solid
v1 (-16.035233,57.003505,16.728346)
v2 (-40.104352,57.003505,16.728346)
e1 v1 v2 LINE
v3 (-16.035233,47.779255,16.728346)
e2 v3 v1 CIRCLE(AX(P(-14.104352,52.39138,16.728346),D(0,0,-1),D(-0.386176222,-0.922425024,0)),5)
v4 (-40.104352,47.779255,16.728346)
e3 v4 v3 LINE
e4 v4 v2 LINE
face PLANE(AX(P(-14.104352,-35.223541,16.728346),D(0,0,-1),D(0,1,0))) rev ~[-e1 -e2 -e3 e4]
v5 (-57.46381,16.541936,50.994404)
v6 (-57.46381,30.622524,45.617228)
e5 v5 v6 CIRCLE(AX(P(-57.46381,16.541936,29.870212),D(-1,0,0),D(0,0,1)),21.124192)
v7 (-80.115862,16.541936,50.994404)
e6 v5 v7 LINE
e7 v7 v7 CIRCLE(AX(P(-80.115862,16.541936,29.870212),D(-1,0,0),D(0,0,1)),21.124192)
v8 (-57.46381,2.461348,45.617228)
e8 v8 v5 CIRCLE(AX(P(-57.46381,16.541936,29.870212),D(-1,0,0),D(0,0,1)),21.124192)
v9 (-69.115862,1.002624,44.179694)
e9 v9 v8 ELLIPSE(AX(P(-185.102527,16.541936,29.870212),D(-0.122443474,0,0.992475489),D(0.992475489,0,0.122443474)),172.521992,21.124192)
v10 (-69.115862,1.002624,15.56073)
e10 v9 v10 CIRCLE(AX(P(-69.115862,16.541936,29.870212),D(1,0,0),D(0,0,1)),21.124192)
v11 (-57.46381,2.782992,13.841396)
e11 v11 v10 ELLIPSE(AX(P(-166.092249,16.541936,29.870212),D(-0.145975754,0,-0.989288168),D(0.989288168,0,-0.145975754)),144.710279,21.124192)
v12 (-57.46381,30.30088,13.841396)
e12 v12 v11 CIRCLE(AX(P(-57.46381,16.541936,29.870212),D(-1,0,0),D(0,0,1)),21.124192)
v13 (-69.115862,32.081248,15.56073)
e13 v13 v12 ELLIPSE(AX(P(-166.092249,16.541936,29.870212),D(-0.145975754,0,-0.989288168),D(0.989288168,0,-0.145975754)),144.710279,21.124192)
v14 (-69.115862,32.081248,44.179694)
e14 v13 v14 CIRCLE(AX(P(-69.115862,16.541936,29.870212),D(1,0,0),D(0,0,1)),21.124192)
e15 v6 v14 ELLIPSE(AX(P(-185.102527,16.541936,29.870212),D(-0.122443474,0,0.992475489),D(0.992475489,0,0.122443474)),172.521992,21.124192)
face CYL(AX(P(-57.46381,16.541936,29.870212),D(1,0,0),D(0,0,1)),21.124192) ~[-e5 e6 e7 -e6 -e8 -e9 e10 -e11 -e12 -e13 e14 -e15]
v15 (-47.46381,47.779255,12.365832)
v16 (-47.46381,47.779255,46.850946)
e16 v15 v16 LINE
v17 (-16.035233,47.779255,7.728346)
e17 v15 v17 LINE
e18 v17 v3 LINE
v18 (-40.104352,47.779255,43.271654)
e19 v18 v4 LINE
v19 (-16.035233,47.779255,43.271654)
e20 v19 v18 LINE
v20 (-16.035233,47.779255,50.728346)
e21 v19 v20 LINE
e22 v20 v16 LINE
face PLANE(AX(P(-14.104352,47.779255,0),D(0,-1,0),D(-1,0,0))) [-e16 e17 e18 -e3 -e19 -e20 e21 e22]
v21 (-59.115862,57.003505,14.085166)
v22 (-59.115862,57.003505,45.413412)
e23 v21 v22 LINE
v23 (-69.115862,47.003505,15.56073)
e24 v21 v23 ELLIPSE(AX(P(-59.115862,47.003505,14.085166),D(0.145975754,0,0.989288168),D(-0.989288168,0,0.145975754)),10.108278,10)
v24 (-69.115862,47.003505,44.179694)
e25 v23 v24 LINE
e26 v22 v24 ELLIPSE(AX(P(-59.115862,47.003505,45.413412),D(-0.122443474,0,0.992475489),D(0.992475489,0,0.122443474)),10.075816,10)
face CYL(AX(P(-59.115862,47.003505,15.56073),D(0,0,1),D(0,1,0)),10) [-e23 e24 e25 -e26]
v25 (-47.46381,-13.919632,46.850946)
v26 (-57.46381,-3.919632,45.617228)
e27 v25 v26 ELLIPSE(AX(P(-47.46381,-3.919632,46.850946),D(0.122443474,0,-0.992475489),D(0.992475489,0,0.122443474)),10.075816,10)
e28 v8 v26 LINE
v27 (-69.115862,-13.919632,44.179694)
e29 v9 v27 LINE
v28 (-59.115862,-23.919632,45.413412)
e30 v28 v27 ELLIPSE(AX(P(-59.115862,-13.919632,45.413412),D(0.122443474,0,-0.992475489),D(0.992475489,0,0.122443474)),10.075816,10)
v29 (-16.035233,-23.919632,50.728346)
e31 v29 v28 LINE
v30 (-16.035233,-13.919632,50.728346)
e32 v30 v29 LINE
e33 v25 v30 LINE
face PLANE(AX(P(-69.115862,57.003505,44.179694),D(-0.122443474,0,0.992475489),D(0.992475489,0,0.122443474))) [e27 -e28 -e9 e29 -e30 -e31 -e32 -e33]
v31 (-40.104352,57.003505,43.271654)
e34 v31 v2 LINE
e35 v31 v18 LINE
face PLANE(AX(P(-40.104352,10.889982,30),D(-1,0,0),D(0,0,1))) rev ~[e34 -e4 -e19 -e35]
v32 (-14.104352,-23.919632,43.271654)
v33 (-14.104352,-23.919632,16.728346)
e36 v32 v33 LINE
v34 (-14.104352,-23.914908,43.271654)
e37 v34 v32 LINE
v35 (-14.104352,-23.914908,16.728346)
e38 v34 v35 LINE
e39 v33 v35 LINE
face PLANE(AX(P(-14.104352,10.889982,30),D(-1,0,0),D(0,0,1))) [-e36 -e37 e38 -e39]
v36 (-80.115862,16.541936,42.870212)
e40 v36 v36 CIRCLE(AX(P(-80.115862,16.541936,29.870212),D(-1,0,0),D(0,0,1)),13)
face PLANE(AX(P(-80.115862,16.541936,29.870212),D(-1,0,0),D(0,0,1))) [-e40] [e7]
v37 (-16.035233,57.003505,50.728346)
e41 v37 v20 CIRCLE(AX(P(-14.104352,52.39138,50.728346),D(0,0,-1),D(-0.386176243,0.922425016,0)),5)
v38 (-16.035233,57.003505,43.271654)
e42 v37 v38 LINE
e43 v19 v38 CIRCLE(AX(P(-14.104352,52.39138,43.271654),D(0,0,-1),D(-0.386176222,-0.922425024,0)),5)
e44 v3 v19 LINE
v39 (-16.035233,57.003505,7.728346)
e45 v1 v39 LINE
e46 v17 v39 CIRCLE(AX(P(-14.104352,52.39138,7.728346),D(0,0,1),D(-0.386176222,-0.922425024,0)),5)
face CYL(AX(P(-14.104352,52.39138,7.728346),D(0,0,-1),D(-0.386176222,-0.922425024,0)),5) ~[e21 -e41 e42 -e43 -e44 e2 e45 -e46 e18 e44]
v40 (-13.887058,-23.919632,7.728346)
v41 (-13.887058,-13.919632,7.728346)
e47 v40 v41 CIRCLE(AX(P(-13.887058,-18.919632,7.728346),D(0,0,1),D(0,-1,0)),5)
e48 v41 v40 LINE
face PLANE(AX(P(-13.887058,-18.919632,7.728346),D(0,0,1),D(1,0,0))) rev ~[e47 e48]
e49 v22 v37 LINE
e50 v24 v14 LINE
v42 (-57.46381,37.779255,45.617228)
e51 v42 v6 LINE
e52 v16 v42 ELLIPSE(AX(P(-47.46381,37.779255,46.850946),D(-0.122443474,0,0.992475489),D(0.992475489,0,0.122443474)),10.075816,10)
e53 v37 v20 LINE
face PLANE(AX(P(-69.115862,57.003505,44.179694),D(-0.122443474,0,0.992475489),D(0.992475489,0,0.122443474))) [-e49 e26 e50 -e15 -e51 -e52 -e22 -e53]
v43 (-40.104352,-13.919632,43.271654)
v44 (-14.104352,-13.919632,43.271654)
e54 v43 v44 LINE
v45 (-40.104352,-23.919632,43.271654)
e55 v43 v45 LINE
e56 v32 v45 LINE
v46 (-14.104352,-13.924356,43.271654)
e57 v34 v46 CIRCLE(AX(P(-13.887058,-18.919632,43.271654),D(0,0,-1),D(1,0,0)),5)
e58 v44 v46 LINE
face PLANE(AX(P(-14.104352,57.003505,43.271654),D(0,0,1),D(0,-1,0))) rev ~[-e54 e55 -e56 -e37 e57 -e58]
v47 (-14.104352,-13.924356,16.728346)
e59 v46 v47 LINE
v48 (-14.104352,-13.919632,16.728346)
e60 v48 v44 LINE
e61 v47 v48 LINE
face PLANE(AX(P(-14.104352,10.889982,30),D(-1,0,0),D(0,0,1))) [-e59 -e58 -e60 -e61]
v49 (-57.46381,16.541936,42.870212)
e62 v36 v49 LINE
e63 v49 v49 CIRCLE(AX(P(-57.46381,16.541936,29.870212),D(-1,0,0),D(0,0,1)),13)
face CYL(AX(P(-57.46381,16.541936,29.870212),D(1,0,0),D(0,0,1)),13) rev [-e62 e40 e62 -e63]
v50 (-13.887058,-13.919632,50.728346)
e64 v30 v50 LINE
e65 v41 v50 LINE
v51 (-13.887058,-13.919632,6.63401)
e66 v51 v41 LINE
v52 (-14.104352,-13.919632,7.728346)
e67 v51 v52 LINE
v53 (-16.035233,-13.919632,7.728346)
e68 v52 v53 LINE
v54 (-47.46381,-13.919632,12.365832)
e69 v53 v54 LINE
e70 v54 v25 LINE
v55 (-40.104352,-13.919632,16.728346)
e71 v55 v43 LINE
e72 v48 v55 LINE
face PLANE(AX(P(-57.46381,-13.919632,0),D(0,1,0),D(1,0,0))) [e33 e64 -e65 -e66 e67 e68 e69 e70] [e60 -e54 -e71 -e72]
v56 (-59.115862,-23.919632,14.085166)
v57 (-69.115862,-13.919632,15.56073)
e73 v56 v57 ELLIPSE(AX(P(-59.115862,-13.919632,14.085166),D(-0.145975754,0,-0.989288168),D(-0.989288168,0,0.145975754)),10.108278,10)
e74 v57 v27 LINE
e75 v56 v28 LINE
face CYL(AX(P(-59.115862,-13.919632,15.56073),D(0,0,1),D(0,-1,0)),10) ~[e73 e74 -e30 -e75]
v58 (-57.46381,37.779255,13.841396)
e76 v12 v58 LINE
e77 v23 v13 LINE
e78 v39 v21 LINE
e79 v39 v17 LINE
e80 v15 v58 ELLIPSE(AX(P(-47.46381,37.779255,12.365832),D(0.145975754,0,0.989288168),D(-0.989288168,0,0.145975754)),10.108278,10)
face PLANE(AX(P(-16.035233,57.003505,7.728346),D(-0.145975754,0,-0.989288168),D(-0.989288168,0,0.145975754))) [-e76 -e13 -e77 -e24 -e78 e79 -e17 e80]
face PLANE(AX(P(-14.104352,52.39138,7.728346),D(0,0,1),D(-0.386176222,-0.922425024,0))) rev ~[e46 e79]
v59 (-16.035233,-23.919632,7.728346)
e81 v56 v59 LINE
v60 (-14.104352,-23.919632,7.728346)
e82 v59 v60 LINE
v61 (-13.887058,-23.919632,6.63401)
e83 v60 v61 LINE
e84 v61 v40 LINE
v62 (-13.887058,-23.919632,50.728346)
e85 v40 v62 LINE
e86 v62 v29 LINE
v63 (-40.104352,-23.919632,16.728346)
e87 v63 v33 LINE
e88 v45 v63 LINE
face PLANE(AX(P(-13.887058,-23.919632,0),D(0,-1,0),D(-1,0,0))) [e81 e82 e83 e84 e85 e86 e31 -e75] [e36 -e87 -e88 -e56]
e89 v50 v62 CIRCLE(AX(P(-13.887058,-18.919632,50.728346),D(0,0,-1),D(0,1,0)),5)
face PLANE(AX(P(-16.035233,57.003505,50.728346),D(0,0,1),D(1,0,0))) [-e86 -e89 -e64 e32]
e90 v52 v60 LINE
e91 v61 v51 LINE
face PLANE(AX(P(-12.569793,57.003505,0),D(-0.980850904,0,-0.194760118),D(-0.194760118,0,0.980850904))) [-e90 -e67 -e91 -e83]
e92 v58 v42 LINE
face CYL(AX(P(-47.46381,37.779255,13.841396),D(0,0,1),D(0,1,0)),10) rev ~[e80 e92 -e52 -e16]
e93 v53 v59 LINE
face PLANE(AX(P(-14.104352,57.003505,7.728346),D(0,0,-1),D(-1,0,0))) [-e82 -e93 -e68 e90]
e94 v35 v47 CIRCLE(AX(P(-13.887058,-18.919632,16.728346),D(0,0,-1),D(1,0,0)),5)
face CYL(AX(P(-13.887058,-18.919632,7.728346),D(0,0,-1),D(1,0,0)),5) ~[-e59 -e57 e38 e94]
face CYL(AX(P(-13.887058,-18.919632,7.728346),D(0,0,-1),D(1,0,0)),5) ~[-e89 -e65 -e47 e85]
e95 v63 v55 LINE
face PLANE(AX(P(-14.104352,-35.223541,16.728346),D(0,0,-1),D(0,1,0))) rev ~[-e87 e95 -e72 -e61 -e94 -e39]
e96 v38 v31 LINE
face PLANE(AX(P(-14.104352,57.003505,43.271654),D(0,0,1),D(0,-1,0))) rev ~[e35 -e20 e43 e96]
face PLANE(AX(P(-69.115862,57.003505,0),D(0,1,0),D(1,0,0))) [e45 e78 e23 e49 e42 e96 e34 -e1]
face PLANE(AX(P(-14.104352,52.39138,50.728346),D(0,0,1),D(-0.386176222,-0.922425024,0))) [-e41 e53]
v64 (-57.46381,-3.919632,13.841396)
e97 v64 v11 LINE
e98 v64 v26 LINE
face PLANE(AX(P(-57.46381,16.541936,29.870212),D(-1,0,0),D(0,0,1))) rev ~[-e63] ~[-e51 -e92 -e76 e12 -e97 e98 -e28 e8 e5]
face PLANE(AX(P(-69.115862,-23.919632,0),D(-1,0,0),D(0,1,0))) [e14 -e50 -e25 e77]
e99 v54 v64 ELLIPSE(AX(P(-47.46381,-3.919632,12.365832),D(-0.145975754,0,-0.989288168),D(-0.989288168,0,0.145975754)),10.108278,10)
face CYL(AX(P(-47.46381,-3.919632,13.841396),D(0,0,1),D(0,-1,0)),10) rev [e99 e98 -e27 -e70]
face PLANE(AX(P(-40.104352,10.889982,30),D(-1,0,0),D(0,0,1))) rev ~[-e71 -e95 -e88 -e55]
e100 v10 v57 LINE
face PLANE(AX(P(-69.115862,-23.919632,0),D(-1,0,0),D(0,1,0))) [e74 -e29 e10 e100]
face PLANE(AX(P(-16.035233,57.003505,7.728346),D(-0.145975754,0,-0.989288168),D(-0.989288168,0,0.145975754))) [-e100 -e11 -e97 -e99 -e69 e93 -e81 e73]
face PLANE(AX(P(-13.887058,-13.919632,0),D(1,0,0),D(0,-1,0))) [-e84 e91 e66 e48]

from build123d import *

# Parameters (mm, degrees)
BOSS_EXTRUDE1_DEPTH      = 60
CUT_EXTRUDE1_DEPTH       = 26
BOSS_EXTRUDE2_DEPTH      = 34
BOSS_EXTRUDE2_DEPTH_BACK = 9
SKETCH4_R                = 5
CUT_EXTRUDE2_DEPTH       = 117
CUT_EXTRUDE3_DEPTH       = 31
BOSS_EXTRUDE3_START      = -11.652052
SKETCH7_R                = 21.124192
SKETCH7_R_2              = 13
BOSS_EXTRUDE3_DEPTH      = 22.652052
FILLET1_R                = 10


with BuildPart() as part:
    # Sketch2 → Boss-Extrude1 (new body)
    with BuildSketch(Plane.XY):
        Polygon((-14.104352, 47.779255), (-57.46381, 47.779255), (-57.46381, -13.919632), (-13.887058, -13.919632), (-13.887058, -23.919632), (-69.115862, -23.919632), (-69.115862, 57.003505), (-14.104352, 57.003505), align=None)
    extrude(amount=BOSS_EXTRUDE1_DEPTH)

    # Sketch3 → Cut-Extrude1 (cut)
    with BuildSketch(Plane(origin=(-14.104352, 0, 0), x_dir=(0, 0, -1), z_dir=(1, 0, 0))):
        Polygon((-43.271654, -23.143882), (-43.271654, 57.003505), (-16.728346, 57.003505), (-16.728346, -23.143882), (-16.728346, -35.223541), (-43.271654, -35.223541), align=None)
    extrude(amount=-CUT_EXTRUDE1_DEPTH, mode=Mode.SUBTRACT)

    # Sketch4 → Boss-Extrude2 (add, two sides: drawn at the far end of the back side and taken through both)
    with BuildSketch(Plane.XY.offset(16.728346).offset(-BOSS_EXTRUDE2_DEPTH_BACK)):
        with Locations(Location((-14.104352, 52.39138, 0), (0, 0, 247.283219))):
            Circle(SKETCH4_R)
        with Locations((-13.887058, -18.919632)):
            Circle(SKETCH4_R)
    extrude(amount=BOSS_EXTRUDE2_DEPTH + BOSS_EXTRUDE2_DEPTH_BACK)

    # Sketch5 → Cut-Extrude2 (cut)
    with BuildSketch(Plane(origin=(0, 57.003505, 0), x_dir=(1, 0, 0), z_dir=(0, 1, 0))):
        Polygon((-14.104352, -7.728346), (-16.035233, -7.728346), (-69.115862, -15.56073), (-69.115862, 0), (-12.569793, 0), align=None)
        Polygon((-69.115862, -44.179694), (-16.035233, -50.728346), (-13.887058, -50.728346), (-13.887058, -60), (-69.115862, -60), align=None)
    extrude(amount=-CUT_EXTRUDE2_DEPTH, mode=Mode.SUBTRACT)

    # Sketch6 → Cut-Extrude3 (cut)
    with BuildSketch(Plane.ZY.offset(69.115862)):
        with BuildLine():
            ThreePointArc((42.870212, 16.541936), (29.870212, 29.541936), (16.870212, 16.541936))
            Line((16.870212, 16.541936), (42.870212, 16.541936))
        make_face()
        with BuildLine():
            Line((42.870212, 16.541936), (16.870212, 16.541936))
            ThreePointArc((16.870212, 16.541936), (29.870212, 3.541936), (42.870212, 16.541936))
        make_face()
    extrude(amount=-CUT_EXTRUDE3_DEPTH, mode=Mode.SUBTRACT)

    # Sketch7 → Boss-Extrude3 (add)
    with BuildSketch(Plane.ZY.offset(69.115862).offset(BOSS_EXTRUDE3_START)):
        with Locations((29.870212, 16.541936)):
            Circle(SKETCH7_R)
        with Locations((29.870212, 16.541936)):
            Circle(SKETCH7_R_2, mode=Mode.SUBTRACT)
    extrude(amount=BOSS_EXTRUDE3_DEPTH)

    # Fillet1
    fillet1_edges = [part.edges().sort_by_distance(p)[0] for p in [
        (-57.46381, -13.919632, 29.729312),
        (-57.46381, 47.779255, 29.729312),
        (-69.115862, 57.003505, 29.870212),
        (-69.115862, -23.919632, 29.870212),
    ]]
    fillet(fillet1_edges, radius=FILLET1_R)


solid = part.part
